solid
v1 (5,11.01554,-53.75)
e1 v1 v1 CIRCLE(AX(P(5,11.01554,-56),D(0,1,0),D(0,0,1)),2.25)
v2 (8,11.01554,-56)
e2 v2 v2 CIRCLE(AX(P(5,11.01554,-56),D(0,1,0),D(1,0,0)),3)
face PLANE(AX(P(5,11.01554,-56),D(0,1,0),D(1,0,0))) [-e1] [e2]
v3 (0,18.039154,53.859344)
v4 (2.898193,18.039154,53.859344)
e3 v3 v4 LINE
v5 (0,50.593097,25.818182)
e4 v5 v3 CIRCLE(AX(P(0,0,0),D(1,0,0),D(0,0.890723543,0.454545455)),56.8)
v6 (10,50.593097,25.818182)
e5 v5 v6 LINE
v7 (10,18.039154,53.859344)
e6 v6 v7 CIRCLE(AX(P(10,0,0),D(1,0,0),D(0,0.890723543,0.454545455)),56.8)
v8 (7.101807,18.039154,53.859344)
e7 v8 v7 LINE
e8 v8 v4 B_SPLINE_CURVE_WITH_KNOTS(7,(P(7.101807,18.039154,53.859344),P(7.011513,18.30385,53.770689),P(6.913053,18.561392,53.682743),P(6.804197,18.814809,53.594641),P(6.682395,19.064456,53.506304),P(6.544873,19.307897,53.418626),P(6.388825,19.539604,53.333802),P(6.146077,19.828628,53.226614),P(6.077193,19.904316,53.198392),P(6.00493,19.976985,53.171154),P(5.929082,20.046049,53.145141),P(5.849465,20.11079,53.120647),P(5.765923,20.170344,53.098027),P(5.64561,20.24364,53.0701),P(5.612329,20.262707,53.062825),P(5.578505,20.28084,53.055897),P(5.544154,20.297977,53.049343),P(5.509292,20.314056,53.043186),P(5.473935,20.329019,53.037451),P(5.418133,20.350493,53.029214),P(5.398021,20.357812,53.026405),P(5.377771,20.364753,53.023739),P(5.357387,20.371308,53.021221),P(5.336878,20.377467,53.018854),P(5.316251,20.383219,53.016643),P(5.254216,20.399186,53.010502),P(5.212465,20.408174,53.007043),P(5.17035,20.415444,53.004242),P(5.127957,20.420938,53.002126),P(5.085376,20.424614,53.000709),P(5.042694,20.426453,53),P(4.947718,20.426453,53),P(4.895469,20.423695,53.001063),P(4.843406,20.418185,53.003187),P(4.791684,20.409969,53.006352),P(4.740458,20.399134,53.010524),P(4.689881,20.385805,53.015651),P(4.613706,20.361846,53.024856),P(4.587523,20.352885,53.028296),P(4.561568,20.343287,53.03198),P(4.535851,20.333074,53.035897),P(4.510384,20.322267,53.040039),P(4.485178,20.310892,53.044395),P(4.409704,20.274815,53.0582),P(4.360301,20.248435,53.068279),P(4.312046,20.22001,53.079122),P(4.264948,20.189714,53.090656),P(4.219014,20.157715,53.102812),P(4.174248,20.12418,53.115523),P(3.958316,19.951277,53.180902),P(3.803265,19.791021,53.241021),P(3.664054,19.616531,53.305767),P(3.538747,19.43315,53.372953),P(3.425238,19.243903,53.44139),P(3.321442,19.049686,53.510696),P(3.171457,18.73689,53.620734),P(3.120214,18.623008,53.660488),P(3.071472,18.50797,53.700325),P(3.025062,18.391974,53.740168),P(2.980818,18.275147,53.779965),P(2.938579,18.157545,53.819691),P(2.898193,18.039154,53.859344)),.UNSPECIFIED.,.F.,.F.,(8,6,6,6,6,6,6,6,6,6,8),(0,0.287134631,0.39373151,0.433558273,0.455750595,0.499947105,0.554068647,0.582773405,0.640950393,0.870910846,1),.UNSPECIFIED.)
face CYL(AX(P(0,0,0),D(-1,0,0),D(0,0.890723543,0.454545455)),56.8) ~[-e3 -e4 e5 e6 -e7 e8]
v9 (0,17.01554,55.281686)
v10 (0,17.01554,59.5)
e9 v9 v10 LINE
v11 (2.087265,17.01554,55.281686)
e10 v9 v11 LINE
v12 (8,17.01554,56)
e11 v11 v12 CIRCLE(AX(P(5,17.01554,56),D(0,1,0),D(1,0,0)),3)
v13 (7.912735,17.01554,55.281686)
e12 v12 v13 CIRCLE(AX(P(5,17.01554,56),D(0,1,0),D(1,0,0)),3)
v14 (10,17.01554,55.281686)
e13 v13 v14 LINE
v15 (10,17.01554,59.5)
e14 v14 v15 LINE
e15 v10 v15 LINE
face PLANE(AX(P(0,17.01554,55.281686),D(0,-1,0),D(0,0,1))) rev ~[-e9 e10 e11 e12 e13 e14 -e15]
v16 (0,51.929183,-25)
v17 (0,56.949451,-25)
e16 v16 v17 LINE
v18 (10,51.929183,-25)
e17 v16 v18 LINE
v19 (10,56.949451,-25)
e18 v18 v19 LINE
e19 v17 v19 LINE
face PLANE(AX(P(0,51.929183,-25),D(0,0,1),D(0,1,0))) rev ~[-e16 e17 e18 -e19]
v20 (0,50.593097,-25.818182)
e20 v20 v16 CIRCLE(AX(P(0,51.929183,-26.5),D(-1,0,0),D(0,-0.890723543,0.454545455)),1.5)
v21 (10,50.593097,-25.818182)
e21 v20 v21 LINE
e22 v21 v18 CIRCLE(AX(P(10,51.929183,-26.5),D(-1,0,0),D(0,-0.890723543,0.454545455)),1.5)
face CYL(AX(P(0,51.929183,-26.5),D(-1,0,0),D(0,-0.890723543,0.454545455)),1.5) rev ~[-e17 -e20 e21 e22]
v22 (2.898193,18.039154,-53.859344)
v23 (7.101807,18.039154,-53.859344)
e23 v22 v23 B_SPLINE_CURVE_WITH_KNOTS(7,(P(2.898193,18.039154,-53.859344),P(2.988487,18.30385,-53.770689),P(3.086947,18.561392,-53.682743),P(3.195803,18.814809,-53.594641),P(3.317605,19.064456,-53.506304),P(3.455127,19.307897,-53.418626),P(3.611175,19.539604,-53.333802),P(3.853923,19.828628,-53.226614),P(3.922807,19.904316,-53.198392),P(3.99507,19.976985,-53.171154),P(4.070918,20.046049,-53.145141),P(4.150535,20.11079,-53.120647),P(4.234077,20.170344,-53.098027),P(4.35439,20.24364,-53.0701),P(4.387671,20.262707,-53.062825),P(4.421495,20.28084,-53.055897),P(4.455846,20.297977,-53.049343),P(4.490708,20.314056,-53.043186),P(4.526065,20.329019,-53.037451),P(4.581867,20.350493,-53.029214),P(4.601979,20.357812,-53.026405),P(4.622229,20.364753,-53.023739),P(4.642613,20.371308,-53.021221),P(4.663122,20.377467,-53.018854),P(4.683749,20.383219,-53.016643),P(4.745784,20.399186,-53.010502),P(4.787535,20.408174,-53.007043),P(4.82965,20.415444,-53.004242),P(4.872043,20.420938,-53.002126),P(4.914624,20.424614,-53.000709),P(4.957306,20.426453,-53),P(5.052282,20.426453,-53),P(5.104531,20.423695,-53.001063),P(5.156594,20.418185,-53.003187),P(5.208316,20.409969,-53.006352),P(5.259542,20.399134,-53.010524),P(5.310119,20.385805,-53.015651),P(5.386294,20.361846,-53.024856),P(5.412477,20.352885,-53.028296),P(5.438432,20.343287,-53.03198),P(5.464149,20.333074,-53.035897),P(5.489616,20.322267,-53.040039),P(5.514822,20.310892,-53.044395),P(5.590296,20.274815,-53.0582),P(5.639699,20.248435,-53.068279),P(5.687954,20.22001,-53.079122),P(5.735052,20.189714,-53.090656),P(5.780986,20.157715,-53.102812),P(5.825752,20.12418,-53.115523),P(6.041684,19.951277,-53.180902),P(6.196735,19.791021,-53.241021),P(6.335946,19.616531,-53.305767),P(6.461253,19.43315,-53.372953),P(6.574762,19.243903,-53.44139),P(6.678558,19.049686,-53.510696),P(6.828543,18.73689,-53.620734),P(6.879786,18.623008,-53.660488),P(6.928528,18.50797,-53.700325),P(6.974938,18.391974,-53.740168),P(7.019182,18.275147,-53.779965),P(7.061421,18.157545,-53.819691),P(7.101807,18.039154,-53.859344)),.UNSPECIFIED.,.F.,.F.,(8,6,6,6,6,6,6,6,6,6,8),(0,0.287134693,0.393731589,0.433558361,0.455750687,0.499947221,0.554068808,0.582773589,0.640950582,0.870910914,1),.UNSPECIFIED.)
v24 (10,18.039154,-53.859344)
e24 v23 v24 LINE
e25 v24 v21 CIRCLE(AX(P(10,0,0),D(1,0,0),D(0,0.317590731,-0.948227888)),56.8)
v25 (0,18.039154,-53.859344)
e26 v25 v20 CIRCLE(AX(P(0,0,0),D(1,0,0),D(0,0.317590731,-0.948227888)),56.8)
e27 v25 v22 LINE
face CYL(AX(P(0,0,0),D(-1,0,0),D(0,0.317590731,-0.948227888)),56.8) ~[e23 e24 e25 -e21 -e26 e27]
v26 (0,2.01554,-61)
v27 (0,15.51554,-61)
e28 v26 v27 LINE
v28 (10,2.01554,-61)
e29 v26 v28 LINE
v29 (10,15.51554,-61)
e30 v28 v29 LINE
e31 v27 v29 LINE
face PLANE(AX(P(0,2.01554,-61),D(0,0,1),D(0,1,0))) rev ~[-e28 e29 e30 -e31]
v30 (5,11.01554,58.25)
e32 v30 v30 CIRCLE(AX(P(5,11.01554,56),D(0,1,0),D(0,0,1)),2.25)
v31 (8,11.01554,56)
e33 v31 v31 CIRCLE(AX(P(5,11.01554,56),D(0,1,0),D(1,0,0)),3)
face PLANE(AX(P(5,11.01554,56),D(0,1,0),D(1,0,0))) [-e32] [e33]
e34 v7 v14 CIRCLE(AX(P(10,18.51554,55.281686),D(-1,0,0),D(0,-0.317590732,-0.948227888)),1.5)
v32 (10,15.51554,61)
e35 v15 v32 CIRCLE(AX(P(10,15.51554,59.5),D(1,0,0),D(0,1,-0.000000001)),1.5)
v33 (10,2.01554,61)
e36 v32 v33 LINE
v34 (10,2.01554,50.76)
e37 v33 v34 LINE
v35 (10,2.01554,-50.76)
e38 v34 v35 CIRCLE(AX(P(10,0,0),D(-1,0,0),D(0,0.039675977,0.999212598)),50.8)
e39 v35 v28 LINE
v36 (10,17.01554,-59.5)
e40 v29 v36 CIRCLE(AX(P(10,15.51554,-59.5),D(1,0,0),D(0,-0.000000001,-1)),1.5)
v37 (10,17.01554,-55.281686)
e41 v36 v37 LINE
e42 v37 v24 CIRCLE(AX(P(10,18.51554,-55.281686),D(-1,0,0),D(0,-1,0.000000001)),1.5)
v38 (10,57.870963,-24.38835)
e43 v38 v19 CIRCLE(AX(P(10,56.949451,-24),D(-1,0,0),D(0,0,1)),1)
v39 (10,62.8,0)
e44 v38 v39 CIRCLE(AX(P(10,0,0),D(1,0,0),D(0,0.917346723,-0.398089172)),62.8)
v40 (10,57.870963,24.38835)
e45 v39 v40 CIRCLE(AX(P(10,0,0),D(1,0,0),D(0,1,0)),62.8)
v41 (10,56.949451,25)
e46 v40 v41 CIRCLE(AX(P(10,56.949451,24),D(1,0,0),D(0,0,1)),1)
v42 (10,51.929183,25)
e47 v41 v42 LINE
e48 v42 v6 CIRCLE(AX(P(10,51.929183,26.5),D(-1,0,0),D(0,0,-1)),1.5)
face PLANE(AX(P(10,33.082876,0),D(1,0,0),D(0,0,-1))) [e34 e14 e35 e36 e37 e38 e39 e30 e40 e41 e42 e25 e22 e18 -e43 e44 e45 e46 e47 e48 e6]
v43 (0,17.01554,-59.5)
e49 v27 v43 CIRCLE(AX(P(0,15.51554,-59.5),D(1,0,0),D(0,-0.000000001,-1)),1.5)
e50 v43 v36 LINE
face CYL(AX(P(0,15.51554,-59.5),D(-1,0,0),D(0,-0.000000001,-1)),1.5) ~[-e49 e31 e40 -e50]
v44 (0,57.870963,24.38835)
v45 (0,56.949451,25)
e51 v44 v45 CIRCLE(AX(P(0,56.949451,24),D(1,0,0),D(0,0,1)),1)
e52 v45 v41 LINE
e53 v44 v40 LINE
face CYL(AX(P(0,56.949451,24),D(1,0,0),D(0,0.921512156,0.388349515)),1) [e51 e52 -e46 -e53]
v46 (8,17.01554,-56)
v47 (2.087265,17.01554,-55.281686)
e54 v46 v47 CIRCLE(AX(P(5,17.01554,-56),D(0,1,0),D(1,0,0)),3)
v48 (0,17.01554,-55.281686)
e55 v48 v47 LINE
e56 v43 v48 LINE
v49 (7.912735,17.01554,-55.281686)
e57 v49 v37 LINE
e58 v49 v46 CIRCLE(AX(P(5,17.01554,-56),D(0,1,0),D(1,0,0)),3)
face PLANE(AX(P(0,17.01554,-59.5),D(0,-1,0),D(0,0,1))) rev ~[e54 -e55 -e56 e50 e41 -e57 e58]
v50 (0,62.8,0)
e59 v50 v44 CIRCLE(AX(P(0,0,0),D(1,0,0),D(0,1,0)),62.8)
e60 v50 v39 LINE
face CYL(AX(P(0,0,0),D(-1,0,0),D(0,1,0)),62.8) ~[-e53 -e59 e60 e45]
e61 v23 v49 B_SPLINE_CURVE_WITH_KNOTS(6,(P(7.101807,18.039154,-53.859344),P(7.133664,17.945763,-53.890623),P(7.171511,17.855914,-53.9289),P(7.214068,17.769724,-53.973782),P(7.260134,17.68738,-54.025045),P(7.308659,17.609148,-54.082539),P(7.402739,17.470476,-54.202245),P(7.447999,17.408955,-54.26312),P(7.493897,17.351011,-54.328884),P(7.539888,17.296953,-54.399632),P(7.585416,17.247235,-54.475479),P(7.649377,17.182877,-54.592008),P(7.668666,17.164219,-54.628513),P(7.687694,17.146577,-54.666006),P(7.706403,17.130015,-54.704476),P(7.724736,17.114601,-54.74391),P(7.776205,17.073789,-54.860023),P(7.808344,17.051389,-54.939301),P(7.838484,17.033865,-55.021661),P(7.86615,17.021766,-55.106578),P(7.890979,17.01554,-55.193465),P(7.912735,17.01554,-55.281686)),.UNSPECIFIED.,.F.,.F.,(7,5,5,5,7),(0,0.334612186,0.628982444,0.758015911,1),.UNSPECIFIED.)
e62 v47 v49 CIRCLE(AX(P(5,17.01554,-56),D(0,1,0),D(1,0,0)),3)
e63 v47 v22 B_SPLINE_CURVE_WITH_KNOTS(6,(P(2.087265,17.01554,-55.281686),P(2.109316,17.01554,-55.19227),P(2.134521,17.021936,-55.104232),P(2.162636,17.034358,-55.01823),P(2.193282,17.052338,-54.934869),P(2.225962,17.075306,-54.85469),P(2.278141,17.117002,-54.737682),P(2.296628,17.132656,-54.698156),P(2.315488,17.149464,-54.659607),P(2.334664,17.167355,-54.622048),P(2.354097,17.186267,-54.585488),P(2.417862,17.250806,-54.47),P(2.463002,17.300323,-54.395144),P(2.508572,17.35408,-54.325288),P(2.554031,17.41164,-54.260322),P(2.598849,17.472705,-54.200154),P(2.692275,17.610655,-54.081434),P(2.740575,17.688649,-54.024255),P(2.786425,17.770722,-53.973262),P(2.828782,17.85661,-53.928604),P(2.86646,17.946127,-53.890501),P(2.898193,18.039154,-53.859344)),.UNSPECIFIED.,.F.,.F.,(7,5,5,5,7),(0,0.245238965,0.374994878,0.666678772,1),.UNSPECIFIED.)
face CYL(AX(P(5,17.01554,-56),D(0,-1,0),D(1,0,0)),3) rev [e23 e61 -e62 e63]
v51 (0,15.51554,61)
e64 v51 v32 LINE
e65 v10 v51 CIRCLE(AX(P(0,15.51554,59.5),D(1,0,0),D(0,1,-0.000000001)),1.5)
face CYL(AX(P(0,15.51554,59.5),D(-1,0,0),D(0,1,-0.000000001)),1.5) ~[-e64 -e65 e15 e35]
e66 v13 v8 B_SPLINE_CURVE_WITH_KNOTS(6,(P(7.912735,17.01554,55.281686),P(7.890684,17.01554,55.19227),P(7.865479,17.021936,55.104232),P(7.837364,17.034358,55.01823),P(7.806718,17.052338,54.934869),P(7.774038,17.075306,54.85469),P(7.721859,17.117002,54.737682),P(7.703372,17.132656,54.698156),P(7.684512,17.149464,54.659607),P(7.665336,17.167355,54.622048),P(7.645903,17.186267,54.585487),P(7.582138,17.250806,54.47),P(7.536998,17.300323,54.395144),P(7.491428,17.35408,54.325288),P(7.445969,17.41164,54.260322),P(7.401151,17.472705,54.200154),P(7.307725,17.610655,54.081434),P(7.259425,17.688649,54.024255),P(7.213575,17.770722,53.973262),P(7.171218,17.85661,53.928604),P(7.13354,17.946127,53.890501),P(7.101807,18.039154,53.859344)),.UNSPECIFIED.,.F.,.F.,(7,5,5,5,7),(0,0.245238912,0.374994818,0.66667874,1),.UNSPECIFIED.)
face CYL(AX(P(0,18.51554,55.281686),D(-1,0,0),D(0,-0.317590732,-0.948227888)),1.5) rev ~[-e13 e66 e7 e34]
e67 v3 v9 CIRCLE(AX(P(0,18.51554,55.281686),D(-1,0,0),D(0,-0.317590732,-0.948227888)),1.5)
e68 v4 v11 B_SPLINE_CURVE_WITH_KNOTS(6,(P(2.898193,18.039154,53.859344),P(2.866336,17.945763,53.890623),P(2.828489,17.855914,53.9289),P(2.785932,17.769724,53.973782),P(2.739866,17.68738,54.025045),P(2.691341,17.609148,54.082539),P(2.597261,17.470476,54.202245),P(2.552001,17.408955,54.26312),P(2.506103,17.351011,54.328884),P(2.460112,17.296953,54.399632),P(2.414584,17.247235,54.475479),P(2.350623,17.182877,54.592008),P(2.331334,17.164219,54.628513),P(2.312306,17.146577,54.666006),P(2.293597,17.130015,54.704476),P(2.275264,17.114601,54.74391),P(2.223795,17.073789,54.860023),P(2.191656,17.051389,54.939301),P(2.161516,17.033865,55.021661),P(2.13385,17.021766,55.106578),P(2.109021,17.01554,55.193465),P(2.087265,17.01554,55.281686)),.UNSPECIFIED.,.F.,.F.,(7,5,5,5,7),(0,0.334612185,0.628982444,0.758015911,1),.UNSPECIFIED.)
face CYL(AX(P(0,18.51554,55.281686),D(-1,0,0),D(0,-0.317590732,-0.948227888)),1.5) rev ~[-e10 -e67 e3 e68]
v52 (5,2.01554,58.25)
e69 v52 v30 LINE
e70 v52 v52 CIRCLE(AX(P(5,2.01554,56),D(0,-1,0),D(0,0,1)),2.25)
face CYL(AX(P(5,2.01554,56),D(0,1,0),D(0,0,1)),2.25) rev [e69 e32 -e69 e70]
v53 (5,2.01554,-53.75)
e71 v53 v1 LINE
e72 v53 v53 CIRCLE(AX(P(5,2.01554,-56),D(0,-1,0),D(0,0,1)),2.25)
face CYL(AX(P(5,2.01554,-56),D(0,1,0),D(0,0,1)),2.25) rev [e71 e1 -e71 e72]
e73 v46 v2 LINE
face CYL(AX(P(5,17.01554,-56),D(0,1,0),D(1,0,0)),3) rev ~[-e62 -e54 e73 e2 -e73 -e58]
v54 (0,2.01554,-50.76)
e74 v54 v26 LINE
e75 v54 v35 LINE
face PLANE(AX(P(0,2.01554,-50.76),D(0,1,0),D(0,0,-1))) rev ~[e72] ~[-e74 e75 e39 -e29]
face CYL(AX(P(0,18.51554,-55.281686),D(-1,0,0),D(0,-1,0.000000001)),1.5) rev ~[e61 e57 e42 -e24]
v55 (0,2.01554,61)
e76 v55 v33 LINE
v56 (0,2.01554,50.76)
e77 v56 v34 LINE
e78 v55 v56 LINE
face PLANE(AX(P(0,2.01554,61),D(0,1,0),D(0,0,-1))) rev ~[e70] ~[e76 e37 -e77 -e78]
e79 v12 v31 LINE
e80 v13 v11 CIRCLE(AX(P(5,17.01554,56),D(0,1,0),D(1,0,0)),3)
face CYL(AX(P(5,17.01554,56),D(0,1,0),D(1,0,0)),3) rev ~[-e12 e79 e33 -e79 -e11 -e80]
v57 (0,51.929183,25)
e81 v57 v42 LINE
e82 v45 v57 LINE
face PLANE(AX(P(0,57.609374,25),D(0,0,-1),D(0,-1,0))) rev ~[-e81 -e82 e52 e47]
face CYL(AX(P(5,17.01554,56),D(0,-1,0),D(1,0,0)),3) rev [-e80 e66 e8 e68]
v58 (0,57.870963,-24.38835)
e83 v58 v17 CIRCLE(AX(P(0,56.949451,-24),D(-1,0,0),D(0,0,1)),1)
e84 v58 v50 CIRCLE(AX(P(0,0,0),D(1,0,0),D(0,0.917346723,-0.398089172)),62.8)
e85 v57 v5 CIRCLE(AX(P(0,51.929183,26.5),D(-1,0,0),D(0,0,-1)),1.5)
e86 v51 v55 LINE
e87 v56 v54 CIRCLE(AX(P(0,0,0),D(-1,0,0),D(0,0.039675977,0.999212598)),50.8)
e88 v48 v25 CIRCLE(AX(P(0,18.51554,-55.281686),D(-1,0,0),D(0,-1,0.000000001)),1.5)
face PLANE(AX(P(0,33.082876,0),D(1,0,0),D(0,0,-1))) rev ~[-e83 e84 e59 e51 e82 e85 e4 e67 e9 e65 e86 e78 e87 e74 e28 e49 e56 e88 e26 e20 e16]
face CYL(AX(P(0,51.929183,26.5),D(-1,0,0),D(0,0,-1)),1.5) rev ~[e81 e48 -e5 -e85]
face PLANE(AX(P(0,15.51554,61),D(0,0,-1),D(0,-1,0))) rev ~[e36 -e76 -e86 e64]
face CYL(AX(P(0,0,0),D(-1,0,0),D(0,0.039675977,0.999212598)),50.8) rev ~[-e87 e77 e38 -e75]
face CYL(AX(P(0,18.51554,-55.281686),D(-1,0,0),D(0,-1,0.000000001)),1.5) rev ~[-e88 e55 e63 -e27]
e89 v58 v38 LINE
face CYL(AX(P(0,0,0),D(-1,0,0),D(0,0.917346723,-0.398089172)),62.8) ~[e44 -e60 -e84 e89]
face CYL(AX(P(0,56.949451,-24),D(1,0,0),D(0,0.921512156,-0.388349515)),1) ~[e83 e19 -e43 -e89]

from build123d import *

# Parameters (mm, degrees)
BOSS_EXTRUDE1_DEPTH           = 10
M4_CLEARANCE_HOLE1_AT_2_COUNT = 2
M4_CLEARANCE_HOLE1_AT_2_PITCH = 112
SKETCH6_R                     = 3
CUT_EXTRUDE1_DEPTH            = 8
CUT_EXTRUDE1_DEPTH_BACK       = 6
FILLET1_R                     = 1


with BuildPart() as part:
    # Sketch1 → Boss-Extrude1 (new body)
    with BuildSketch(Plane(origin=(0, 0, 0), x_dir=(0, 0, -1), z_dir=(1, 0, 0))):
        with BuildLine():
            ThreePointArc((25, 57.609374237), (12.766583292, 61.488652214), (0, 62.8))
            ThreePointArc((0, 62.8), (-12.766583292, 61.488652214), (-25, 57.609374237))
            Line((-25, 57.609374237), (-25, 51.929182547))
            ThreePointArc((-25, 51.929182547), (-25.220795702, 51.145833095), (-25.818181818, 50.593097233))
            ThreePointArc((-25.818181818, 50.593097233), (-43.035646203, 37.069841595), (-53.859344034, 18.039153533))
            ThreePointArc((-53.859344034, 18.039153533), (-54.405495004, 17.298046479), (-55.281685866, 17.01553963))
            Line((-55.281685866, 17.01553963), (-59.5, 17.01553963))
            ThreePointArc((-59.5, 17.01553963), (-60.560660172, 16.576199802), (-61, 15.51553963))
            Line((-61, 15.51553963), (-61, 2.01553963))
            Line((-61, 2.01553963), (-50.76, 2.01553963))
            ThreePointArc((-50.76, 2.01553963), (0, 50.8), (50.76, 2.01553963))
            Line((50.76, 2.01553963), (61, 2.01553963))
            Line((61, 2.01553963), (61, 15.51553963))
            ThreePointArc((61, 15.51553963), (60.560660172, 16.576199802), (59.5, 17.01553963))
            Line((59.5, 17.01553963), (55.281685866, 17.01553963))
            ThreePointArc((55.281685866, 17.01553963), (54.405495004, 17.298046479), (53.859344034, 18.039153533))
            ThreePointArc((53.859344034, 18.039153533), (43.035646203, 37.069841595), (25.818181818, 50.593097233))
            ThreePointArc((25.818181818, 50.593097233), (25.220795702, 51.145833095), (25, 51.929182547))
            Line((25, 51.929182547), (25, 57.609374237))
        make_face()
    extrude(amount=BOSS_EXTRUDE1_DEPTH)

    # Sketch4 → M4 Clearance Hole1 (revolve, cut)
    with BuildSketch(Plane(origin=(5, 17.01553963, -56), x_dir=(0, 0, 1), z_dir=(1, 0, 0))):
        Polygon((0, 0), (0, 16.351936393), (2.25, 15), (2.25, 0), align=None)
    m4_clearance_hole1 = revolve(axis=Axis((5, 23.36553963, -56), (0, -1, 0)), mode=Mode.SUBTRACT)

    # M4 Clearance Hole1 at 2: M4 Clearance Hole1 ×2
    with Locations(*[(0, 0, i * M4_CLEARANCE_HOLE1_AT_2_PITCH) for i in range(1, M4_CLEARANCE_HOLE1_AT_2_COUNT)]):
        add(m4_clearance_hole1, mode=Mode.SUBTRACT)

    # Sketch6 → Cut-Extrude1 (cut, two sides)
    with BuildSketch(Plane(origin=(0, 17.01553963, 0), x_dir=(1, 0, 0), z_dir=(0, 1, 0))) as cut_extrude1_sk:
        with Locations((5, 56)):
            Circle(SKETCH6_R)
        with Locations((5, -56)):
            Circle(SKETCH6_R)
    extrude(amount=CUT_EXTRUDE1_DEPTH, mode=Mode.SUBTRACT)
    extrude(cut_extrude1_sk.sketch, amount=-CUT_EXTRUDE1_DEPTH_BACK, mode=Mode.SUBTRACT)

    # Fillet1
    fillet1_edges = [part.edges().sort_by_distance(p)[0] for p in [
        (5, 57.609374237, -25),
        (5, 57.609374237, 25),
    ]]
    fillet(fillet1_edges, radius=FILLET1_R)


solid = part.part
